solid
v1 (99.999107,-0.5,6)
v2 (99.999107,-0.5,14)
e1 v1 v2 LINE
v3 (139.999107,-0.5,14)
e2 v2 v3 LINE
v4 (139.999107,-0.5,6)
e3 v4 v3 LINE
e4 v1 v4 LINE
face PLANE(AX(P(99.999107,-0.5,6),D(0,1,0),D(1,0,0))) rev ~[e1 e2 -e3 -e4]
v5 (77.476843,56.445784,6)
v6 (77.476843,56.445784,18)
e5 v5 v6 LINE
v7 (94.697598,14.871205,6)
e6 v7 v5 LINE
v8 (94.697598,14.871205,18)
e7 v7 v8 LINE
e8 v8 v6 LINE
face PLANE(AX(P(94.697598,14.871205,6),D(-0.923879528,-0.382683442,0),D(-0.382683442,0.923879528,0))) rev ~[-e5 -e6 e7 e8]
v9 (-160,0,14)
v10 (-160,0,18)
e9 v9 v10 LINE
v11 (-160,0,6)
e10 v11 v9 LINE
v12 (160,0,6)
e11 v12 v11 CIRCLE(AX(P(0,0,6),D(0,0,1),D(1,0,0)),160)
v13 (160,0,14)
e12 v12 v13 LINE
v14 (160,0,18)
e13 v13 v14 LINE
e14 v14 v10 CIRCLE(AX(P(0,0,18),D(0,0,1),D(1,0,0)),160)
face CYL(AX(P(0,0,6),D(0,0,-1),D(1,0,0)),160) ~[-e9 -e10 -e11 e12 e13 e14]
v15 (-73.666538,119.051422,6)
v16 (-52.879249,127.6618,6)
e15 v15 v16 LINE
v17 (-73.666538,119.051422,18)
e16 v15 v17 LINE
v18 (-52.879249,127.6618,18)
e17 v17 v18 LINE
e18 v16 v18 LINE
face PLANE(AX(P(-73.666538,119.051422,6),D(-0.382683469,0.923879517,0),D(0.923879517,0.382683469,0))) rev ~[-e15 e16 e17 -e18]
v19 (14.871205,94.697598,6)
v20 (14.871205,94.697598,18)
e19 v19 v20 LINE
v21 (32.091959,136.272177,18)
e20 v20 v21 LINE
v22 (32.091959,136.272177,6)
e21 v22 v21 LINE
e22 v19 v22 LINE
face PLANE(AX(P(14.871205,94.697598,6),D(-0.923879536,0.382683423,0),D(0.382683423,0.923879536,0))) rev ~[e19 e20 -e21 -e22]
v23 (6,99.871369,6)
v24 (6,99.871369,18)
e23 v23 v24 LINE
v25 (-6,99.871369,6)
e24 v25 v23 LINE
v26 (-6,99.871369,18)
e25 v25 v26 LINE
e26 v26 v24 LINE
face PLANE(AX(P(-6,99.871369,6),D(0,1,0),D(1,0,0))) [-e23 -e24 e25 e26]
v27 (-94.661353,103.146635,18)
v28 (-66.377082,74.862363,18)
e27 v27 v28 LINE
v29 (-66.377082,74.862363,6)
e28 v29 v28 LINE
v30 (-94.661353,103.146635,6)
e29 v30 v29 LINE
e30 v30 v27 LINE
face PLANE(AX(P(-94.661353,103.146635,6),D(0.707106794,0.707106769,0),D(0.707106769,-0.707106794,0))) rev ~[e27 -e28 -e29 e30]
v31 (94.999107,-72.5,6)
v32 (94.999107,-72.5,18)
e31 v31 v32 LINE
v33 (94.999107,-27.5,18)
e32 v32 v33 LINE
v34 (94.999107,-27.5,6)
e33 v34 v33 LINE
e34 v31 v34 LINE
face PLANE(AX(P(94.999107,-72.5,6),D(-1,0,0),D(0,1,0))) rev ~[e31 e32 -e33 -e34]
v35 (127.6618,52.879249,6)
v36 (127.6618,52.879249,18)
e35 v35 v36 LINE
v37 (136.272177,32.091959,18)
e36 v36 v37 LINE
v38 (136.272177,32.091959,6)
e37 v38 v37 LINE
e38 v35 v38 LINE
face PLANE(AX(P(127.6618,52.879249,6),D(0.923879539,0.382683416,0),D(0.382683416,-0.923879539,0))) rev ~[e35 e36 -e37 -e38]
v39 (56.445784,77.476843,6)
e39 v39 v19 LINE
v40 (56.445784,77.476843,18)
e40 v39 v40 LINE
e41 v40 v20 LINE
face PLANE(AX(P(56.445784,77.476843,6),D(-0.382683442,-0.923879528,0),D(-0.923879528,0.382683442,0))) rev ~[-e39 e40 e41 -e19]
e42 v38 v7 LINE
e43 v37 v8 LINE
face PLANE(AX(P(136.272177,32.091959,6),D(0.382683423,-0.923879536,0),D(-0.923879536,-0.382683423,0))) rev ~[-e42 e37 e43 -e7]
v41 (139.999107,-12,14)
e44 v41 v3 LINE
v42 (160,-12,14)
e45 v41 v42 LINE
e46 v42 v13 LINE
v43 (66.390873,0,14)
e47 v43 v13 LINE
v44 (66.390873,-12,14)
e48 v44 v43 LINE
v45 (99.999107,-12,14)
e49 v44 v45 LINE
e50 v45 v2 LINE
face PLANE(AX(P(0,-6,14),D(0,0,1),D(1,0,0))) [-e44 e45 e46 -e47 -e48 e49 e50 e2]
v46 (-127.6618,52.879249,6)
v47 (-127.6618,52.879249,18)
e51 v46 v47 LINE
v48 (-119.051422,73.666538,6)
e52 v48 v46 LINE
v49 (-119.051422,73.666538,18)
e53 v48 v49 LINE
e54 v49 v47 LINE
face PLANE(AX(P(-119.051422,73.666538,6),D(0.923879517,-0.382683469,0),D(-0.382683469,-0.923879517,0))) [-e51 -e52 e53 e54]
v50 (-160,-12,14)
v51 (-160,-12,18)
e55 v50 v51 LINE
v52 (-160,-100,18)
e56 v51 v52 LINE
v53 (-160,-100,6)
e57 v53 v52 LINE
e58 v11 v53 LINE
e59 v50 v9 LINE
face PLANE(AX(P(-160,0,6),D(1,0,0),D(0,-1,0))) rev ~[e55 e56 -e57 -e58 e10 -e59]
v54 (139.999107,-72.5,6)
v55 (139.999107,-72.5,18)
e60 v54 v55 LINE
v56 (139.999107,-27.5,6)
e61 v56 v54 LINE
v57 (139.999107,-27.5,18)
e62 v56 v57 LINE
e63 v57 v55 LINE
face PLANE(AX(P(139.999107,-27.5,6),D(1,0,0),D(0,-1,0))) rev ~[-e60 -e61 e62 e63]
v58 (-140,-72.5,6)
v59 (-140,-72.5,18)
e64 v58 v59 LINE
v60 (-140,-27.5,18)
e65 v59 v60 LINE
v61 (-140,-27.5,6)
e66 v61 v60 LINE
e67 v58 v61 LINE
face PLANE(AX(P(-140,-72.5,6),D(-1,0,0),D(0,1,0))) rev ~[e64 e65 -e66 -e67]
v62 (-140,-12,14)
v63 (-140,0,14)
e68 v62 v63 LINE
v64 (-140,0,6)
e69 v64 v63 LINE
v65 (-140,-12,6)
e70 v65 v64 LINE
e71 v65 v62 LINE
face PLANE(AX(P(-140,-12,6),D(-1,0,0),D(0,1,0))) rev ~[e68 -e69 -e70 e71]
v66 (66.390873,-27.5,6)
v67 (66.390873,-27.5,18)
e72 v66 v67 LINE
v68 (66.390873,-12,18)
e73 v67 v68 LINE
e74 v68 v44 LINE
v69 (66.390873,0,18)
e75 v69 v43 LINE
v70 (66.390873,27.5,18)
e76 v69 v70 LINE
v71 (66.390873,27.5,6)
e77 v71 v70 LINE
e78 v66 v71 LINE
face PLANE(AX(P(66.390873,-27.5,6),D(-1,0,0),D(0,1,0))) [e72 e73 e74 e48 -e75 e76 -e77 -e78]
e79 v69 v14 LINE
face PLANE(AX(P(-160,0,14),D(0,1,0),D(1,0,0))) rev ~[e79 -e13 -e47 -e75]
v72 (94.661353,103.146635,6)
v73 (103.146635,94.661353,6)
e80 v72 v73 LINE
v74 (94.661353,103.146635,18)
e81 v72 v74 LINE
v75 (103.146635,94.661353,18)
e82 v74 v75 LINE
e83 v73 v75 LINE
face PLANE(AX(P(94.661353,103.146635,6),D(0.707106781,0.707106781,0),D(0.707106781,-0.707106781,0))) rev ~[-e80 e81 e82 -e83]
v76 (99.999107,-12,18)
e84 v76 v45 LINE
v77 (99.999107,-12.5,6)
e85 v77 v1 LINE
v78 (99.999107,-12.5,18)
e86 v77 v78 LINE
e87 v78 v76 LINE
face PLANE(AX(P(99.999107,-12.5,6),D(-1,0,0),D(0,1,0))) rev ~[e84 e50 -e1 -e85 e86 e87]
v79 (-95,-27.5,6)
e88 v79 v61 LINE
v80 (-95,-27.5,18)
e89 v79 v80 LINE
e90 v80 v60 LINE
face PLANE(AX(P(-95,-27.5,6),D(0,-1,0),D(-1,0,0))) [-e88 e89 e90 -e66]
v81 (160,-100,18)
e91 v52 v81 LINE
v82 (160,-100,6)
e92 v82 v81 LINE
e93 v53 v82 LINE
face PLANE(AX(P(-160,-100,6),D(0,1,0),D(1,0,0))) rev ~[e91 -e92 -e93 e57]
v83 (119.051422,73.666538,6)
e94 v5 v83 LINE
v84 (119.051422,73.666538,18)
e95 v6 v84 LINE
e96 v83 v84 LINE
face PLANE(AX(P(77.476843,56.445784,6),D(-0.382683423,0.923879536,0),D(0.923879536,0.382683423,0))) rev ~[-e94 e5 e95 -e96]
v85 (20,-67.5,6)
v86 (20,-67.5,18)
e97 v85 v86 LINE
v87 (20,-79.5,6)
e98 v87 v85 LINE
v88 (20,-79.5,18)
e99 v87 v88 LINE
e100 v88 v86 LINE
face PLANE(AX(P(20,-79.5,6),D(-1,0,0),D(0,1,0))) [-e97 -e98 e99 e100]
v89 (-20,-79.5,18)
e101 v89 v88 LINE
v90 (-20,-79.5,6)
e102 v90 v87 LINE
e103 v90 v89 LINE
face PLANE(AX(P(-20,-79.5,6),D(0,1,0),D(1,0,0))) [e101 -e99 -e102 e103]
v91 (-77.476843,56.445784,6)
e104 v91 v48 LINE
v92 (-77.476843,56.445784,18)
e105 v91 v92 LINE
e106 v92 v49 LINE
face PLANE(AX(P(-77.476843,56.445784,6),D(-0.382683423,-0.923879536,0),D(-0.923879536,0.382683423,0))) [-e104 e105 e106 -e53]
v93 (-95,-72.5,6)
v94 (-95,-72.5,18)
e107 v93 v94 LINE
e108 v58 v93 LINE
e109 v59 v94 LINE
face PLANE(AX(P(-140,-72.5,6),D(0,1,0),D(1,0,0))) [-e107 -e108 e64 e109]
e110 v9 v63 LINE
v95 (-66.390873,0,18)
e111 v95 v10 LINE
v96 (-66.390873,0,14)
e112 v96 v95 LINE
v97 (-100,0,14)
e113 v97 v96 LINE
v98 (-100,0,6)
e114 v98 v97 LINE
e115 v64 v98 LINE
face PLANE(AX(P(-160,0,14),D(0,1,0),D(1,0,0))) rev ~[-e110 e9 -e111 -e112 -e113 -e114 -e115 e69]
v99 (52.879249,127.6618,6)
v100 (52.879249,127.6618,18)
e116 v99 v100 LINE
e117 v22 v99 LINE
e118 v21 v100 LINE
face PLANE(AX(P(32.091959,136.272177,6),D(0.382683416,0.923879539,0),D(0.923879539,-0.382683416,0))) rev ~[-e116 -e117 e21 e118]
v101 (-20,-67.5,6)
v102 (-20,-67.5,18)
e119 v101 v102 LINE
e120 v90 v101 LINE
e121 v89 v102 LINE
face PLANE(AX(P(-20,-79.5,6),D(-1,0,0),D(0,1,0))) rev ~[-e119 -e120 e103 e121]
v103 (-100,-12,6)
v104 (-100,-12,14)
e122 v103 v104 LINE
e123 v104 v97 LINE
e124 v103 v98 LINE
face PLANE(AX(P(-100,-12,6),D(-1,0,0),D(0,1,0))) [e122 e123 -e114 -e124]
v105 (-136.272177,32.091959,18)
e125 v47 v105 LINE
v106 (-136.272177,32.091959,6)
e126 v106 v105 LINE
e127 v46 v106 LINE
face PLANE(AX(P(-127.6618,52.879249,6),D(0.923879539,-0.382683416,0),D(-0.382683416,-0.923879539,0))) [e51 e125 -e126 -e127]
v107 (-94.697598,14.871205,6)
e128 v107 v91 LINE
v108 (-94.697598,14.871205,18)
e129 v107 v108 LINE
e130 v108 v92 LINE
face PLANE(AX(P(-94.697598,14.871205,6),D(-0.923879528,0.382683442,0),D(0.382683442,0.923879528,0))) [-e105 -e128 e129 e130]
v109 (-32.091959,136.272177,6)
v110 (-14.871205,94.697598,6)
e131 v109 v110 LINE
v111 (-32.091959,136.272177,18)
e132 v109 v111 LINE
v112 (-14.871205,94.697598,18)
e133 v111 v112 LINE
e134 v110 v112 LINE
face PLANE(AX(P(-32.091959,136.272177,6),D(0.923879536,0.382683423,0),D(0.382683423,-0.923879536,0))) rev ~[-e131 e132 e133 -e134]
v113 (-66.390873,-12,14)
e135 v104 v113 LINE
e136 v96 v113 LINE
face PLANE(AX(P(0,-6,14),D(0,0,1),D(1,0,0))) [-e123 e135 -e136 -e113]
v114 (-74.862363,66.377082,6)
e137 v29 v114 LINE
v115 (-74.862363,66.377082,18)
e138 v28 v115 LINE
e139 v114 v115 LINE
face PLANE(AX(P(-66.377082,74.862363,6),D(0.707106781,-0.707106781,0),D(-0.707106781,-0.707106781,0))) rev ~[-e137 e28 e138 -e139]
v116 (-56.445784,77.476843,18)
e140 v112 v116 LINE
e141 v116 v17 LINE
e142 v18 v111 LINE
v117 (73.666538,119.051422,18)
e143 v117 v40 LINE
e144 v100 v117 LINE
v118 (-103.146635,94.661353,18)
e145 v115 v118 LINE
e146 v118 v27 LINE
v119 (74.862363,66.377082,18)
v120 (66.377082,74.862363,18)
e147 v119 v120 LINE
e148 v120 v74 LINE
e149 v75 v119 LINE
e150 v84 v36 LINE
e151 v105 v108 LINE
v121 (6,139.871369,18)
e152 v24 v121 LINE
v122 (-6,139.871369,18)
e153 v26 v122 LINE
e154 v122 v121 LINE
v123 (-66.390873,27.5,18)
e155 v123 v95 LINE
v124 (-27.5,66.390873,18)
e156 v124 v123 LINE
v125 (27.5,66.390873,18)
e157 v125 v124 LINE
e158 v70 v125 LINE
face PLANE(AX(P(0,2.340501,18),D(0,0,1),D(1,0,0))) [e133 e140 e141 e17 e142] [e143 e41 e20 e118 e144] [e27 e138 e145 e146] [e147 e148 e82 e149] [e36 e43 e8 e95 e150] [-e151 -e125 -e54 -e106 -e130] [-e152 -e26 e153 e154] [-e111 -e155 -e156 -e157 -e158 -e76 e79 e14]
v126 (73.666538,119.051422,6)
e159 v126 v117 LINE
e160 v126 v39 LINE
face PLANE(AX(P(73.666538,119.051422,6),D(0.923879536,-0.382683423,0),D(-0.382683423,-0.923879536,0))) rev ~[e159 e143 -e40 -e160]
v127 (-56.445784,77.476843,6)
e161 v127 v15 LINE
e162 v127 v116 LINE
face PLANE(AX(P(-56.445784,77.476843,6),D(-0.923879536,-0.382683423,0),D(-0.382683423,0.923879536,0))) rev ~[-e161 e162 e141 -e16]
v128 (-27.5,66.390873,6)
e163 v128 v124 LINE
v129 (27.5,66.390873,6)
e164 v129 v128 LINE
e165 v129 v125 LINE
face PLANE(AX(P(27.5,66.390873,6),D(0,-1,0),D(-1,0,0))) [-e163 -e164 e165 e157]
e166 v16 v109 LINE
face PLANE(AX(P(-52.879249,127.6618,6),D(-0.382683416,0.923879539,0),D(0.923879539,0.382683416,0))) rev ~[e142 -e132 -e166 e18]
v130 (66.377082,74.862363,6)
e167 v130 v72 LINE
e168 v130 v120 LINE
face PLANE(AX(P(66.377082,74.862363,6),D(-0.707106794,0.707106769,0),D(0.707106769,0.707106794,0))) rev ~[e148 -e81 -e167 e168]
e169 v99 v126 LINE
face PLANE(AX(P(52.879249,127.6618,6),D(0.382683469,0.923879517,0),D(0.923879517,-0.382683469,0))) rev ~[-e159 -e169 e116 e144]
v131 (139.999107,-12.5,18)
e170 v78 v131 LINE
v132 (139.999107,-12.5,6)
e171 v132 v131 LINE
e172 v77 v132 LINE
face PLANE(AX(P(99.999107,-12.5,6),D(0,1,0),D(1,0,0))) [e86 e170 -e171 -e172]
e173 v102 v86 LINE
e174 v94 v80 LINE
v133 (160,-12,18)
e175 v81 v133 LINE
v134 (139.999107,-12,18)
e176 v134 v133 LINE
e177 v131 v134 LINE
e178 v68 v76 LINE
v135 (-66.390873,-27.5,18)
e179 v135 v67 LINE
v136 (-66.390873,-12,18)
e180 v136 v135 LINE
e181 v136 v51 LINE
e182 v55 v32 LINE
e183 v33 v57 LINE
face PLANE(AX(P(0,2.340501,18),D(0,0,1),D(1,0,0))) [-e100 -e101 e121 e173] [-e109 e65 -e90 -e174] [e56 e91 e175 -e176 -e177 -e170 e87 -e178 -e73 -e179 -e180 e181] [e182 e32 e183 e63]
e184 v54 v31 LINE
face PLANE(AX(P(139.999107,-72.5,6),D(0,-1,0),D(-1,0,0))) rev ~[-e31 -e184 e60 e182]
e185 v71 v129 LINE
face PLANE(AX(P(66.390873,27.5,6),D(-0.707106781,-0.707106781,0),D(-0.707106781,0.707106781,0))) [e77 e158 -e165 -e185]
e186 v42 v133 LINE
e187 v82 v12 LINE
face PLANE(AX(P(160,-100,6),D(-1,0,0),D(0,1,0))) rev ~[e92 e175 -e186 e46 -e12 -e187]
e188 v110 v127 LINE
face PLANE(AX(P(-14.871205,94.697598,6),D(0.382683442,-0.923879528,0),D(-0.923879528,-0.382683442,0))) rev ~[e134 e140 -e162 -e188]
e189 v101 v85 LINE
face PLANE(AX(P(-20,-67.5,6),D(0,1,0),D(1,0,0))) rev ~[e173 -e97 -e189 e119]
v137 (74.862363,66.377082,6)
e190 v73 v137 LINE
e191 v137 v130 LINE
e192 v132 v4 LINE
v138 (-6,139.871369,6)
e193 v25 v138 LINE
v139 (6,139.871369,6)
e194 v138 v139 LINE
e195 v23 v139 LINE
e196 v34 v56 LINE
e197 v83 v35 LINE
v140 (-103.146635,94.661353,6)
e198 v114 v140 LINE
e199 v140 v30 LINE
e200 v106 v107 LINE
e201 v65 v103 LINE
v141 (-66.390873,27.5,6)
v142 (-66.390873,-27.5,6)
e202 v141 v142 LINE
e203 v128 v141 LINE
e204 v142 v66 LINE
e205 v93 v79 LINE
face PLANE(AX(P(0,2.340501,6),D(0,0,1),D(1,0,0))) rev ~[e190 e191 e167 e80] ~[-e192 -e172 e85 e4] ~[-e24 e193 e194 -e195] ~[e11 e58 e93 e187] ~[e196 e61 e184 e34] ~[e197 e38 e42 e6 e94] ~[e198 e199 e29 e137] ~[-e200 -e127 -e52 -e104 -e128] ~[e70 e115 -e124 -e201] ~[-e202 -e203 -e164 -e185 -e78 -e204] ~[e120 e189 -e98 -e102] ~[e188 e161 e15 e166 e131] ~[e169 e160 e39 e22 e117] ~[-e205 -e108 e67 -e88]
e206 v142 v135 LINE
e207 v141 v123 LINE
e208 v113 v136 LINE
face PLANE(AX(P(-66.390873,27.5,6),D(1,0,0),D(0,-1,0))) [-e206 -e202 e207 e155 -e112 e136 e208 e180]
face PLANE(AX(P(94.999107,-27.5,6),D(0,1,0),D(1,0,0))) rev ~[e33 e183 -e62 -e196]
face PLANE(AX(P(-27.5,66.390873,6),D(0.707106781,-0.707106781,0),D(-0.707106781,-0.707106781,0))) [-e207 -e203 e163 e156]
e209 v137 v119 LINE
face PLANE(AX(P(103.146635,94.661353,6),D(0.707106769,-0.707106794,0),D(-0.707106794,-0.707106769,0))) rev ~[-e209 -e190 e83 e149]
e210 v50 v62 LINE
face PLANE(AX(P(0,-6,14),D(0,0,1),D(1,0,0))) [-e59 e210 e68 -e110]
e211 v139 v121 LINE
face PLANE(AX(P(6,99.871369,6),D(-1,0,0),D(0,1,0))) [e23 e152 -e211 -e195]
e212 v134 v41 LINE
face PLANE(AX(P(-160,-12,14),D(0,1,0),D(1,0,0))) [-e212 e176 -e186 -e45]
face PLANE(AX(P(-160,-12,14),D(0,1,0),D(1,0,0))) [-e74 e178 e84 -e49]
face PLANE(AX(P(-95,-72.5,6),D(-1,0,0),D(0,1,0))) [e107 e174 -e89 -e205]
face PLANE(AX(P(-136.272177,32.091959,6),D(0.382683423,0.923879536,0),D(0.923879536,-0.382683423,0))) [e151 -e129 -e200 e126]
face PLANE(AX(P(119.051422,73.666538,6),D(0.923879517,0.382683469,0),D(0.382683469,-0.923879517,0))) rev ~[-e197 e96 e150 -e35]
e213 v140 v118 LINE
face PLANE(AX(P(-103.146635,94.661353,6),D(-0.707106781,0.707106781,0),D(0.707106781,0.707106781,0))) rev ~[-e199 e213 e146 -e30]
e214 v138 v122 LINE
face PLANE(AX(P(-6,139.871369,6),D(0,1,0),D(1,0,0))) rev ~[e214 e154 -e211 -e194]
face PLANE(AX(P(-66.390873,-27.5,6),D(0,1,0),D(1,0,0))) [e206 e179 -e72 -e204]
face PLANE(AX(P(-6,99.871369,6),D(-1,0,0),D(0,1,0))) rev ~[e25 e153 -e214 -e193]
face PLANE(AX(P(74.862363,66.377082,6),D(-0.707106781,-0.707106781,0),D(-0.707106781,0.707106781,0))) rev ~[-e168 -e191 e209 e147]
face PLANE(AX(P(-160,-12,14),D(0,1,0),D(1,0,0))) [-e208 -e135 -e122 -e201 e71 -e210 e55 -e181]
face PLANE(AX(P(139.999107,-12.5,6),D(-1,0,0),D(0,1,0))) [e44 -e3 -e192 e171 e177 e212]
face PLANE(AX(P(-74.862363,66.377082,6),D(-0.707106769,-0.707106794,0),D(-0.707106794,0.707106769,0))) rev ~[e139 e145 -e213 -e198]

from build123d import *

# Parameters (mm, degrees)
SKETCH012_W      = 320
SKETCH012_H      = 12
EXTRUDE001_DEPTH = 4
SKETCH007_W      = 12
SKETCH007_H      = 40
SKETCH007_W_2    = 40
SKETCH007_H_2    = 12
EXTRUDE_DEPTH    = 12


with BuildPart() as innertemplatealignmentslot:
    # Sketch012 → Extrude001 (new body)
    with BuildSketch(Plane.XY):
        with Locations((0, -6)):
            Rectangle(SKETCH012_W, SKETCH012_H)
    extrude(amount=EXTRUDE001_DEPTH)


with BuildPart() as innertemplatealignmentslot_1:
    # Extrude001 placement: moved
    add(innertemplatealignmentslot.part.moved(Location((0, 0, 8))))


with BuildPart() as innertemplate:
    # Sketch007 → Extrude (new body)
    with BuildSketch(Plane.XY):
        with BuildLine():
            ThreePointArc((160, 0), (0, 160), (-160, 0))
            Line((-160, 0), (-160, -100))
            Line((-160, -100), (160, -100))
            Line((160, -100), (160, 0))
        make_face()
        Polygon((-140, -72.5), (-95, -72.5), (-95, -27.5), (-140, -27.5), (-140, -50), align=None, mode=Mode.SUBTRACT)
        Polygon((-136.272177, 32.091959), (-94.697598, 14.871205), (-77.476843, 56.445784), (-119.051422, 73.666538), (-127.6618, 52.879249), align=None, mode=Mode.SUBTRACT)
        Polygon((-32.091959, 136.272177), (-14.871205, 94.697598), (-56.445784, 77.476843), (-73.666538, 119.051422), (-52.879249, 127.6618), align=None, mode=Mode.SUBTRACT)
        Polygon((73.666538, 119.051422), (56.445784, 77.476843), (14.871205, 94.697598), (32.091959, 136.272177), (52.879249, 127.6618), align=None, mode=Mode.SUBTRACT)
        Polygon((136.272177, 32.091959), (94.697598, 14.871205), (77.476843, 56.445784), (119.051422, 73.666538), (127.6618, 52.879249), align=None, mode=Mode.SUBTRACT)
        Polygon((94.999107, -27.5), (139.999107, -27.5), (139.999107, -50), (139.999107, -72.5), (94.999107, -72.5), align=None, mode=Mode.SUBTRACT)
        Polygon((66.390873, -27.5), (66.390873, 27.5), (27.5, 66.390873), (-27.5, 66.390873), (-66.390873, 27.5), (-66.390873, -27.5), align=None, mode=Mode.SUBTRACT)
        Polygon((-94.661353, 103.146635), (-66.377082, 74.862363), (-74.862363, 66.377082), (-103.146635, 94.661353), (-98.903994, 98.903994), align=None, mode=Mode.SUBTRACT)
        with Locations((0, 119.871369)):
            Rectangle(SKETCH007_W, SKETCH007_H, mode=Mode.SUBTRACT)
        Polygon((103.146635, 94.661353), (74.862363, 66.377082), (66.377082, 74.862363), (94.661353, 103.146635), (98.903994, 98.903994), align=None, mode=Mode.SUBTRACT)
        with Locations((-120, -6)):
            Rectangle(SKETCH007_W_2, SKETCH007_H_2, mode=Mode.SUBTRACT)
        with Locations((119.999107, -6.5)):
            Rectangle(SKETCH007_W_2, SKETCH007_H_2, mode=Mode.SUBTRACT)
        with Locations((0, -73.5)):
            Rectangle(SKETCH007_W_2, SKETCH007_H_2, mode=Mode.SUBTRACT)
    extrude(amount=EXTRUDE_DEPTH)

    # Cut: cut InnerTemplateAlignmentSlot
    add(innertemplatealignmentslot_1.part, mode=Mode.SUBTRACT)


with BuildPart() as innertemplate_1:
    # Cut placement: moved
    add(innertemplate.part.moved(Location((0, 0, 6))))


solid = innertemplate_1.part
